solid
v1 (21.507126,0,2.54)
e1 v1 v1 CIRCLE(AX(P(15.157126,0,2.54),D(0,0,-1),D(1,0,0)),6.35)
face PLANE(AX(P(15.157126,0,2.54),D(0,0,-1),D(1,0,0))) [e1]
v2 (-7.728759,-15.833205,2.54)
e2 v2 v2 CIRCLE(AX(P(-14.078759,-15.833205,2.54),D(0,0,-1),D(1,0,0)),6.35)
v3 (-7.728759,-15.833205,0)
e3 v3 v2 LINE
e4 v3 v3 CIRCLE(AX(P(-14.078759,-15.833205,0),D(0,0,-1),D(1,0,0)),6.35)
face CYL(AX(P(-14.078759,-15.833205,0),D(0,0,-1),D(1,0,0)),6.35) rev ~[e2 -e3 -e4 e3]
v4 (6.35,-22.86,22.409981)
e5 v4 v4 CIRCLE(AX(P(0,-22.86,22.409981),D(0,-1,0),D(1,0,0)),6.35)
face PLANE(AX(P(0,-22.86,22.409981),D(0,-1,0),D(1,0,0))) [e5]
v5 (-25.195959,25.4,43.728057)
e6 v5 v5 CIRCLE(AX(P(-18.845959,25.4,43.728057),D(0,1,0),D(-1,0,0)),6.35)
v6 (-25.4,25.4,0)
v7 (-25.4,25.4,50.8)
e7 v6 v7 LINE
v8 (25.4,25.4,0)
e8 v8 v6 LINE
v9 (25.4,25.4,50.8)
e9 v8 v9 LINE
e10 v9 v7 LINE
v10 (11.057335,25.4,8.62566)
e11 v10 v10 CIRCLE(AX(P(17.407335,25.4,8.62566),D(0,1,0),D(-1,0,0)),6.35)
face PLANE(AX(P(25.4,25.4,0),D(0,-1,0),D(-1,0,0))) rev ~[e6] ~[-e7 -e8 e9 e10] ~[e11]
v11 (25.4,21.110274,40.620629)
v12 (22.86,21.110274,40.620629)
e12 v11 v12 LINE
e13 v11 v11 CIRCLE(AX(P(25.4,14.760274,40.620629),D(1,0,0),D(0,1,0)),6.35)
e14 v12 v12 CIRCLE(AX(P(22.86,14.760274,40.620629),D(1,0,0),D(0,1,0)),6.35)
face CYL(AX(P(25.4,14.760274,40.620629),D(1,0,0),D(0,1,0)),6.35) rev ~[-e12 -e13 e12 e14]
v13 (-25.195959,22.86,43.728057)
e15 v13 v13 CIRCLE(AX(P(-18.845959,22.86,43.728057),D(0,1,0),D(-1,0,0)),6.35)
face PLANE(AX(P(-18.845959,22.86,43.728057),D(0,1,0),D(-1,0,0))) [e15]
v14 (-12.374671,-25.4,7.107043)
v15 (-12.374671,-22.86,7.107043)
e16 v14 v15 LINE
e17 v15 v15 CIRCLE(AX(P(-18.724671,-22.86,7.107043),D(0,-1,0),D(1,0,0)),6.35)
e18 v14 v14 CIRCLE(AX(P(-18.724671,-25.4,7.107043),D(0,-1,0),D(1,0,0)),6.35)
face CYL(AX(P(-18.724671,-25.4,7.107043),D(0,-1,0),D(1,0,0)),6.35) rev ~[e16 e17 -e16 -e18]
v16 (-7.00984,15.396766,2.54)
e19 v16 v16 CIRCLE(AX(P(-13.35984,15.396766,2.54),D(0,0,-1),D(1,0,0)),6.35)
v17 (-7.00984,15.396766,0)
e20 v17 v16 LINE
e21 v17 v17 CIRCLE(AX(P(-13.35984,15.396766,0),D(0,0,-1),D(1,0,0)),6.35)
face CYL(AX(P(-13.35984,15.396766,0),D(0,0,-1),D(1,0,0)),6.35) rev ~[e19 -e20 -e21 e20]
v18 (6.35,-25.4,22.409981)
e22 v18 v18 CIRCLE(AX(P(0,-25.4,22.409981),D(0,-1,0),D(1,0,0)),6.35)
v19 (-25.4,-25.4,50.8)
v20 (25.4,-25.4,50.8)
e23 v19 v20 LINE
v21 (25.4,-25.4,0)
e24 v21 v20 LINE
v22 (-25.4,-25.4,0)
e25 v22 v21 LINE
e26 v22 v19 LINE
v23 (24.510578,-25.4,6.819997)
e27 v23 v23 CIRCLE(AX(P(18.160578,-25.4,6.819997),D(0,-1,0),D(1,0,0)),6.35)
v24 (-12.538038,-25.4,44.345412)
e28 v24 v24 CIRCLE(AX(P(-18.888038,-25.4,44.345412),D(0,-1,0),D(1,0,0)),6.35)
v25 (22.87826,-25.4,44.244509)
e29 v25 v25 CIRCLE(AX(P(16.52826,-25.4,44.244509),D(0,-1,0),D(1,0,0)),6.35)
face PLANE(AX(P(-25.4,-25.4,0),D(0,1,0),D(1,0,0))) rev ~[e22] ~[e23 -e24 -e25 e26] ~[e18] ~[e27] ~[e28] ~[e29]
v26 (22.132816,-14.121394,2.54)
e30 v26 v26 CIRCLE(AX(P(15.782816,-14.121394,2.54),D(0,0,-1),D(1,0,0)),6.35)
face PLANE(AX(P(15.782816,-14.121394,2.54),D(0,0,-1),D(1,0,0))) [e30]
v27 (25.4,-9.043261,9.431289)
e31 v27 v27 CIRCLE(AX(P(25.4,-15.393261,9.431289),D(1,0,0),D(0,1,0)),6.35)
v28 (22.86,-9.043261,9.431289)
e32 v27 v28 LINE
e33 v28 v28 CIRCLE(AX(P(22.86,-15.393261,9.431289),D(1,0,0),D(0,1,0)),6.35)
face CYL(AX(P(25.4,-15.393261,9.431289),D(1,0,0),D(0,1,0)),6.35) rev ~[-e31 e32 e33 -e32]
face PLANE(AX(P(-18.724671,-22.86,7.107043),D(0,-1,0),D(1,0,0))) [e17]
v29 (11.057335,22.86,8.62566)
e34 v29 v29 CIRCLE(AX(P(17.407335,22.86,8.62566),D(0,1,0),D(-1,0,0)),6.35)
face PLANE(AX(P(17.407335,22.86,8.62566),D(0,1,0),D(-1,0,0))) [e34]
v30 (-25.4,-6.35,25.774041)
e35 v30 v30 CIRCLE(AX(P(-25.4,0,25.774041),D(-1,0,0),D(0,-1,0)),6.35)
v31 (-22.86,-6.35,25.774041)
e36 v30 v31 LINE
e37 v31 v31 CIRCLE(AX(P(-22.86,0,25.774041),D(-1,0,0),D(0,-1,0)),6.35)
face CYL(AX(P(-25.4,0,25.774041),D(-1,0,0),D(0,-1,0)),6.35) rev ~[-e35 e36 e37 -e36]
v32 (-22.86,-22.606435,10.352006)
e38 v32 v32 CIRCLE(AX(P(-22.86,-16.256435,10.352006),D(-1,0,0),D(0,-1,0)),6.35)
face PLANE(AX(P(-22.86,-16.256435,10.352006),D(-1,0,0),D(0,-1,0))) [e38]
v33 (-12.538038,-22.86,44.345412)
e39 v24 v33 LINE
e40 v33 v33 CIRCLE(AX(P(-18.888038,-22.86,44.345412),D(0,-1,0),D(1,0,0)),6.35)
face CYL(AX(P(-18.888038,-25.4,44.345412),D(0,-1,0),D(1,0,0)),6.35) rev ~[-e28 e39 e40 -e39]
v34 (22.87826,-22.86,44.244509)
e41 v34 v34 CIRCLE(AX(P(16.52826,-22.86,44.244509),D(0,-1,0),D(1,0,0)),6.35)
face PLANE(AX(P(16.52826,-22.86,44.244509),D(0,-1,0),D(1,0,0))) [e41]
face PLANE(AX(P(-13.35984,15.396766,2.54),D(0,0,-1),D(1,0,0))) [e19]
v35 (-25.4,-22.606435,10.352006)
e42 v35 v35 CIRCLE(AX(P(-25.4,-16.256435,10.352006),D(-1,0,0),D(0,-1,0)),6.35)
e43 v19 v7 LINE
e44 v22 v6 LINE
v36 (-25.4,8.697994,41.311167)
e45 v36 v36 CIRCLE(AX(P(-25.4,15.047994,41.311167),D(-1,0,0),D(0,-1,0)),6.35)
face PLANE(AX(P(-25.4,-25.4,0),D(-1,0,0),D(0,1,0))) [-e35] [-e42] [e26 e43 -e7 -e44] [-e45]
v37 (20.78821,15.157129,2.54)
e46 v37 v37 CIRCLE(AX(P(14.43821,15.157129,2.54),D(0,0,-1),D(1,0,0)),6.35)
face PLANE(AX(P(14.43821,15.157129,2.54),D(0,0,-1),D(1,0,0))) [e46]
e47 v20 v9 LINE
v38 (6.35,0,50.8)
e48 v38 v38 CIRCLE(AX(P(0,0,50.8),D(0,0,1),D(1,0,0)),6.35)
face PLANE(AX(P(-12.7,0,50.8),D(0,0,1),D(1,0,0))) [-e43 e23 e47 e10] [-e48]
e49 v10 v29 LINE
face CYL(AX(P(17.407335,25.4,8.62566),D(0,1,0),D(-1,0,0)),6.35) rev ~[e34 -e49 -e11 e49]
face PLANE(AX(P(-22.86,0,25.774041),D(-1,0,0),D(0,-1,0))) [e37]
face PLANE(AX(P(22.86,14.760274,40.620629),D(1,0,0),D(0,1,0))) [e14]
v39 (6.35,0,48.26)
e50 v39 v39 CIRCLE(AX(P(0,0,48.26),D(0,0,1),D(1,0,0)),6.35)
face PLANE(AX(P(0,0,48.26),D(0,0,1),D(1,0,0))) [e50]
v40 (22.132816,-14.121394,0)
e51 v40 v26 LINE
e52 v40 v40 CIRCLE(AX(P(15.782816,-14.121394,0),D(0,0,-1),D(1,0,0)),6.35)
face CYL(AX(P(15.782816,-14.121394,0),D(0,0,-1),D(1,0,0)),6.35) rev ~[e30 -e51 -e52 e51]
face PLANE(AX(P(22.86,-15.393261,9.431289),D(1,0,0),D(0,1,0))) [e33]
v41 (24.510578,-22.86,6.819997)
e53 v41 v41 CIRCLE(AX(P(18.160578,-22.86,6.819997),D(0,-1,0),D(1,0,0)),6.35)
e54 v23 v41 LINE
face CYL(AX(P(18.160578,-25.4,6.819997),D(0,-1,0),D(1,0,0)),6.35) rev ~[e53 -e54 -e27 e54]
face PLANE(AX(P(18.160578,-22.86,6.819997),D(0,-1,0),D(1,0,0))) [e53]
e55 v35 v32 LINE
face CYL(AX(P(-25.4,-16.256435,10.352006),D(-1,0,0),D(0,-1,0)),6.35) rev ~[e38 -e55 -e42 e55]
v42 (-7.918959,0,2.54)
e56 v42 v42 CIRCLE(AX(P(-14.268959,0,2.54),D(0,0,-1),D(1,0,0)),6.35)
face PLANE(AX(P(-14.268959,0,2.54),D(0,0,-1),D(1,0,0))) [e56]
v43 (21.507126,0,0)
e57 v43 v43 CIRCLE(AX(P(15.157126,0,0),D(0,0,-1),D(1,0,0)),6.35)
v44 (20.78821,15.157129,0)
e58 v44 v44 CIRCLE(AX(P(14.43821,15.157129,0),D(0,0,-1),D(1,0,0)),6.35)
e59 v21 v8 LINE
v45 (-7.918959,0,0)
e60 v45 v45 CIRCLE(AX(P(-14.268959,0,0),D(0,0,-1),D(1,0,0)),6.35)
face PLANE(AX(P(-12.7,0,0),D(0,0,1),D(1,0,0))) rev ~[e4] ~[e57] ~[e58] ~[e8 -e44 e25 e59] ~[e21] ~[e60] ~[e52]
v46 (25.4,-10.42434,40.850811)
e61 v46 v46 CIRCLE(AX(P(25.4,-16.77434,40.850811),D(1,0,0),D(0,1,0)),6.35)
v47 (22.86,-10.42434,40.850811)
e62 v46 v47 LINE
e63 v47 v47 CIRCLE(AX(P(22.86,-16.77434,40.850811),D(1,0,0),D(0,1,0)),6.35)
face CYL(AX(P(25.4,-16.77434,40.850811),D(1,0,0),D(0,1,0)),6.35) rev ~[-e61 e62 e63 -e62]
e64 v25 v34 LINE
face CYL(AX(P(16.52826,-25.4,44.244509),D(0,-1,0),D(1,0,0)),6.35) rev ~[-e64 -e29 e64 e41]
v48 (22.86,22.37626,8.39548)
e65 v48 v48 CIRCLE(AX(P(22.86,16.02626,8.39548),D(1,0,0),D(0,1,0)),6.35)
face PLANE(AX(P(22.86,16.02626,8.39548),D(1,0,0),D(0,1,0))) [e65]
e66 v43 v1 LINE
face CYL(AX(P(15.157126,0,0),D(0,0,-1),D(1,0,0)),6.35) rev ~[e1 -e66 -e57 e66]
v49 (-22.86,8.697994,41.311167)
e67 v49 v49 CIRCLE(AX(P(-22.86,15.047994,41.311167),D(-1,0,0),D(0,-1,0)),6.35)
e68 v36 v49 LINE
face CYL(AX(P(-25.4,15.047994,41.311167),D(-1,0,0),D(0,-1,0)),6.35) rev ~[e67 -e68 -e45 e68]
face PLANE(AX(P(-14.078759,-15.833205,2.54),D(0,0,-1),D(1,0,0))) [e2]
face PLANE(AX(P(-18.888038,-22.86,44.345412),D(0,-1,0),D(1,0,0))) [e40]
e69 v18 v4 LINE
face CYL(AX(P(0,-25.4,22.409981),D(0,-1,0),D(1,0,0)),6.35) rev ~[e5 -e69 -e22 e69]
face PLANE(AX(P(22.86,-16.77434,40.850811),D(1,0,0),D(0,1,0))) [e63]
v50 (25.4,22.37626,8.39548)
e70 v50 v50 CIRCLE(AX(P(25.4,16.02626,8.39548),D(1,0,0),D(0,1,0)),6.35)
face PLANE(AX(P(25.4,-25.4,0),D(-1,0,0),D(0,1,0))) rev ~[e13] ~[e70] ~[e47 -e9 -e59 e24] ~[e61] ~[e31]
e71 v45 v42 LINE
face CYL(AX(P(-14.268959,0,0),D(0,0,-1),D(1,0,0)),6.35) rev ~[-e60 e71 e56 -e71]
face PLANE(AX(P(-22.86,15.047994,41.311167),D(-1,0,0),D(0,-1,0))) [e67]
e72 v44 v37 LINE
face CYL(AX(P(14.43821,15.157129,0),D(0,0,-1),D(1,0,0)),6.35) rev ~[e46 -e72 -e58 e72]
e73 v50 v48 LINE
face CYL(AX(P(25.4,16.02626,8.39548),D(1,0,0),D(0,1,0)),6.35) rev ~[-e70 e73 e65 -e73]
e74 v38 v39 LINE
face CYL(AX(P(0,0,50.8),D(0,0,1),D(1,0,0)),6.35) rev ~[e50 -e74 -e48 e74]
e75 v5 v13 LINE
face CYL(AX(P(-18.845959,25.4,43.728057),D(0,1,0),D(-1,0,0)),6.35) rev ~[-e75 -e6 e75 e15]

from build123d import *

# Parameters (mm, degrees)
F0_W      = 25.4
F0_H      = 50.8
F1_DEPTH  = 50.8
F2_R      = 6.35
F3_DEPTH  = 2.54
F4_R      = 6.35
F5_DEPTH  = 2.54
F6_R      = 6.35
F7_DEPTH  = 2.54
F8_R      = 6.35
F9_DEPTH  = 2.54
F10_R     = 6.35
F11_DEPTH = 2.54
F12_R     = 6.35
F13_DEPTH = 2.54


with BuildPart() as f1:
    # F0 (on Top) → F1 (new body)
    with BuildSketch(Plane.XY):
        with Locations((-12.7, 0)):
            Rectangle(F0_W, F0_H)
        with Locations((12.7, 0)):
            Rectangle(F0_W, F0_H)
    extrude(amount=F1_DEPTH)

    # F2 (on face) → F3 (cut)
    with BuildSketch(Plane.XY.offset(50.8)):
        Circle(F2_R)
    extrude(amount=-F3_DEPTH, mode=Mode.SUBTRACT)

    # F4 (on face) → F5 (cut)
    with BuildSketch(Plane(origin=(0, 0, 0), x_dir=(1, 0, 0), z_dir=(0, 0, -1))):
        with Locations((15.7828163356, 14.1213936731)):
            Circle(F4_R)
        with Locations((-14.078758657, 15.8332046121)):
            Circle(F4_R)
        with Locations((15.1571258903, 0)):
            Circle(F4_R)
        with Locations((-14.2689589411, 0)):
            Circle(F4_R)
        with Locations((-13.359840028, -15.3967663646)):
            Circle(F4_R)
        with Locations((14.4382100552, -15.1571286842)):
            Circle(F4_R)
    extrude(amount=-F5_DEPTH, mode=Mode.SUBTRACT)

    # F6 (on face) → F7 (cut)
    with BuildSketch(Plane.XZ.offset(25.4)):
        with Locations((18.1605778635, 6.8199974485)):
            Circle(F6_R)
        with Locations((-18.7246706337, 7.1070431732)):
            Circle(F6_R)
        with Locations((0, 22.4099811167)):
            Circle(F6_R)
        with Locations((16.5282599628, 44.2445091903)):
            Circle(F6_R)
        with Locations((-18.8880376518, 44.3454124033)):
            Circle(F6_R)
    extrude(amount=-F7_DEPTH, mode=Mode.SUBTRACT)

    # F8 (on face) → F9 (cut)
    with BuildSketch(Plane.YZ.offset(25.4)):
        with Locations((-16.7743396014, 40.8508107066)):
            Circle(F8_R)
        with Locations((14.7602735087, 40.6206287444)):
            Circle(F8_R)
        with Locations((-15.3932608664, 9.4312885776)):
            Circle(F8_R)
        with Locations((16.0262603313, 8.395479992)):
            Circle(F8_R)
    extrude(amount=-F9_DEPTH, mode=Mode.SUBTRACT)

    # F10 (on face) → F11 (cut)
    with BuildSketch(Plane(origin=(-25.4, 0, 0), x_dir=(0, -1, 0), z_dir=(-1, 0, 0))):
        with Locations((0, 25.7740411907)):
            Circle(F10_R)
        with Locations((16.2564348429, 10.3520061821)):
            Circle(F10_R)
        with Locations((-15.0479944423, 41.3111671805)):
            Circle(F10_R)
    extrude(amount=-F11_DEPTH, mode=Mode.SUBTRACT)

    # F12 (on face) → F13 (cut)
    with BuildSketch(Plane(origin=(0, 25.4, 0), x_dir=(-1, 0, 0), z_dir=(0, 1, 0))):
        with Locations((-17.407335341, 8.6256600916)):
            Circle(F12_R)
        with Locations((18.8459586352, 43.7280572951)):
            Circle(F12_R)
    extrude(amount=-F13_DEPTH, mode=Mode.SUBTRACT)


solid = f1.part
